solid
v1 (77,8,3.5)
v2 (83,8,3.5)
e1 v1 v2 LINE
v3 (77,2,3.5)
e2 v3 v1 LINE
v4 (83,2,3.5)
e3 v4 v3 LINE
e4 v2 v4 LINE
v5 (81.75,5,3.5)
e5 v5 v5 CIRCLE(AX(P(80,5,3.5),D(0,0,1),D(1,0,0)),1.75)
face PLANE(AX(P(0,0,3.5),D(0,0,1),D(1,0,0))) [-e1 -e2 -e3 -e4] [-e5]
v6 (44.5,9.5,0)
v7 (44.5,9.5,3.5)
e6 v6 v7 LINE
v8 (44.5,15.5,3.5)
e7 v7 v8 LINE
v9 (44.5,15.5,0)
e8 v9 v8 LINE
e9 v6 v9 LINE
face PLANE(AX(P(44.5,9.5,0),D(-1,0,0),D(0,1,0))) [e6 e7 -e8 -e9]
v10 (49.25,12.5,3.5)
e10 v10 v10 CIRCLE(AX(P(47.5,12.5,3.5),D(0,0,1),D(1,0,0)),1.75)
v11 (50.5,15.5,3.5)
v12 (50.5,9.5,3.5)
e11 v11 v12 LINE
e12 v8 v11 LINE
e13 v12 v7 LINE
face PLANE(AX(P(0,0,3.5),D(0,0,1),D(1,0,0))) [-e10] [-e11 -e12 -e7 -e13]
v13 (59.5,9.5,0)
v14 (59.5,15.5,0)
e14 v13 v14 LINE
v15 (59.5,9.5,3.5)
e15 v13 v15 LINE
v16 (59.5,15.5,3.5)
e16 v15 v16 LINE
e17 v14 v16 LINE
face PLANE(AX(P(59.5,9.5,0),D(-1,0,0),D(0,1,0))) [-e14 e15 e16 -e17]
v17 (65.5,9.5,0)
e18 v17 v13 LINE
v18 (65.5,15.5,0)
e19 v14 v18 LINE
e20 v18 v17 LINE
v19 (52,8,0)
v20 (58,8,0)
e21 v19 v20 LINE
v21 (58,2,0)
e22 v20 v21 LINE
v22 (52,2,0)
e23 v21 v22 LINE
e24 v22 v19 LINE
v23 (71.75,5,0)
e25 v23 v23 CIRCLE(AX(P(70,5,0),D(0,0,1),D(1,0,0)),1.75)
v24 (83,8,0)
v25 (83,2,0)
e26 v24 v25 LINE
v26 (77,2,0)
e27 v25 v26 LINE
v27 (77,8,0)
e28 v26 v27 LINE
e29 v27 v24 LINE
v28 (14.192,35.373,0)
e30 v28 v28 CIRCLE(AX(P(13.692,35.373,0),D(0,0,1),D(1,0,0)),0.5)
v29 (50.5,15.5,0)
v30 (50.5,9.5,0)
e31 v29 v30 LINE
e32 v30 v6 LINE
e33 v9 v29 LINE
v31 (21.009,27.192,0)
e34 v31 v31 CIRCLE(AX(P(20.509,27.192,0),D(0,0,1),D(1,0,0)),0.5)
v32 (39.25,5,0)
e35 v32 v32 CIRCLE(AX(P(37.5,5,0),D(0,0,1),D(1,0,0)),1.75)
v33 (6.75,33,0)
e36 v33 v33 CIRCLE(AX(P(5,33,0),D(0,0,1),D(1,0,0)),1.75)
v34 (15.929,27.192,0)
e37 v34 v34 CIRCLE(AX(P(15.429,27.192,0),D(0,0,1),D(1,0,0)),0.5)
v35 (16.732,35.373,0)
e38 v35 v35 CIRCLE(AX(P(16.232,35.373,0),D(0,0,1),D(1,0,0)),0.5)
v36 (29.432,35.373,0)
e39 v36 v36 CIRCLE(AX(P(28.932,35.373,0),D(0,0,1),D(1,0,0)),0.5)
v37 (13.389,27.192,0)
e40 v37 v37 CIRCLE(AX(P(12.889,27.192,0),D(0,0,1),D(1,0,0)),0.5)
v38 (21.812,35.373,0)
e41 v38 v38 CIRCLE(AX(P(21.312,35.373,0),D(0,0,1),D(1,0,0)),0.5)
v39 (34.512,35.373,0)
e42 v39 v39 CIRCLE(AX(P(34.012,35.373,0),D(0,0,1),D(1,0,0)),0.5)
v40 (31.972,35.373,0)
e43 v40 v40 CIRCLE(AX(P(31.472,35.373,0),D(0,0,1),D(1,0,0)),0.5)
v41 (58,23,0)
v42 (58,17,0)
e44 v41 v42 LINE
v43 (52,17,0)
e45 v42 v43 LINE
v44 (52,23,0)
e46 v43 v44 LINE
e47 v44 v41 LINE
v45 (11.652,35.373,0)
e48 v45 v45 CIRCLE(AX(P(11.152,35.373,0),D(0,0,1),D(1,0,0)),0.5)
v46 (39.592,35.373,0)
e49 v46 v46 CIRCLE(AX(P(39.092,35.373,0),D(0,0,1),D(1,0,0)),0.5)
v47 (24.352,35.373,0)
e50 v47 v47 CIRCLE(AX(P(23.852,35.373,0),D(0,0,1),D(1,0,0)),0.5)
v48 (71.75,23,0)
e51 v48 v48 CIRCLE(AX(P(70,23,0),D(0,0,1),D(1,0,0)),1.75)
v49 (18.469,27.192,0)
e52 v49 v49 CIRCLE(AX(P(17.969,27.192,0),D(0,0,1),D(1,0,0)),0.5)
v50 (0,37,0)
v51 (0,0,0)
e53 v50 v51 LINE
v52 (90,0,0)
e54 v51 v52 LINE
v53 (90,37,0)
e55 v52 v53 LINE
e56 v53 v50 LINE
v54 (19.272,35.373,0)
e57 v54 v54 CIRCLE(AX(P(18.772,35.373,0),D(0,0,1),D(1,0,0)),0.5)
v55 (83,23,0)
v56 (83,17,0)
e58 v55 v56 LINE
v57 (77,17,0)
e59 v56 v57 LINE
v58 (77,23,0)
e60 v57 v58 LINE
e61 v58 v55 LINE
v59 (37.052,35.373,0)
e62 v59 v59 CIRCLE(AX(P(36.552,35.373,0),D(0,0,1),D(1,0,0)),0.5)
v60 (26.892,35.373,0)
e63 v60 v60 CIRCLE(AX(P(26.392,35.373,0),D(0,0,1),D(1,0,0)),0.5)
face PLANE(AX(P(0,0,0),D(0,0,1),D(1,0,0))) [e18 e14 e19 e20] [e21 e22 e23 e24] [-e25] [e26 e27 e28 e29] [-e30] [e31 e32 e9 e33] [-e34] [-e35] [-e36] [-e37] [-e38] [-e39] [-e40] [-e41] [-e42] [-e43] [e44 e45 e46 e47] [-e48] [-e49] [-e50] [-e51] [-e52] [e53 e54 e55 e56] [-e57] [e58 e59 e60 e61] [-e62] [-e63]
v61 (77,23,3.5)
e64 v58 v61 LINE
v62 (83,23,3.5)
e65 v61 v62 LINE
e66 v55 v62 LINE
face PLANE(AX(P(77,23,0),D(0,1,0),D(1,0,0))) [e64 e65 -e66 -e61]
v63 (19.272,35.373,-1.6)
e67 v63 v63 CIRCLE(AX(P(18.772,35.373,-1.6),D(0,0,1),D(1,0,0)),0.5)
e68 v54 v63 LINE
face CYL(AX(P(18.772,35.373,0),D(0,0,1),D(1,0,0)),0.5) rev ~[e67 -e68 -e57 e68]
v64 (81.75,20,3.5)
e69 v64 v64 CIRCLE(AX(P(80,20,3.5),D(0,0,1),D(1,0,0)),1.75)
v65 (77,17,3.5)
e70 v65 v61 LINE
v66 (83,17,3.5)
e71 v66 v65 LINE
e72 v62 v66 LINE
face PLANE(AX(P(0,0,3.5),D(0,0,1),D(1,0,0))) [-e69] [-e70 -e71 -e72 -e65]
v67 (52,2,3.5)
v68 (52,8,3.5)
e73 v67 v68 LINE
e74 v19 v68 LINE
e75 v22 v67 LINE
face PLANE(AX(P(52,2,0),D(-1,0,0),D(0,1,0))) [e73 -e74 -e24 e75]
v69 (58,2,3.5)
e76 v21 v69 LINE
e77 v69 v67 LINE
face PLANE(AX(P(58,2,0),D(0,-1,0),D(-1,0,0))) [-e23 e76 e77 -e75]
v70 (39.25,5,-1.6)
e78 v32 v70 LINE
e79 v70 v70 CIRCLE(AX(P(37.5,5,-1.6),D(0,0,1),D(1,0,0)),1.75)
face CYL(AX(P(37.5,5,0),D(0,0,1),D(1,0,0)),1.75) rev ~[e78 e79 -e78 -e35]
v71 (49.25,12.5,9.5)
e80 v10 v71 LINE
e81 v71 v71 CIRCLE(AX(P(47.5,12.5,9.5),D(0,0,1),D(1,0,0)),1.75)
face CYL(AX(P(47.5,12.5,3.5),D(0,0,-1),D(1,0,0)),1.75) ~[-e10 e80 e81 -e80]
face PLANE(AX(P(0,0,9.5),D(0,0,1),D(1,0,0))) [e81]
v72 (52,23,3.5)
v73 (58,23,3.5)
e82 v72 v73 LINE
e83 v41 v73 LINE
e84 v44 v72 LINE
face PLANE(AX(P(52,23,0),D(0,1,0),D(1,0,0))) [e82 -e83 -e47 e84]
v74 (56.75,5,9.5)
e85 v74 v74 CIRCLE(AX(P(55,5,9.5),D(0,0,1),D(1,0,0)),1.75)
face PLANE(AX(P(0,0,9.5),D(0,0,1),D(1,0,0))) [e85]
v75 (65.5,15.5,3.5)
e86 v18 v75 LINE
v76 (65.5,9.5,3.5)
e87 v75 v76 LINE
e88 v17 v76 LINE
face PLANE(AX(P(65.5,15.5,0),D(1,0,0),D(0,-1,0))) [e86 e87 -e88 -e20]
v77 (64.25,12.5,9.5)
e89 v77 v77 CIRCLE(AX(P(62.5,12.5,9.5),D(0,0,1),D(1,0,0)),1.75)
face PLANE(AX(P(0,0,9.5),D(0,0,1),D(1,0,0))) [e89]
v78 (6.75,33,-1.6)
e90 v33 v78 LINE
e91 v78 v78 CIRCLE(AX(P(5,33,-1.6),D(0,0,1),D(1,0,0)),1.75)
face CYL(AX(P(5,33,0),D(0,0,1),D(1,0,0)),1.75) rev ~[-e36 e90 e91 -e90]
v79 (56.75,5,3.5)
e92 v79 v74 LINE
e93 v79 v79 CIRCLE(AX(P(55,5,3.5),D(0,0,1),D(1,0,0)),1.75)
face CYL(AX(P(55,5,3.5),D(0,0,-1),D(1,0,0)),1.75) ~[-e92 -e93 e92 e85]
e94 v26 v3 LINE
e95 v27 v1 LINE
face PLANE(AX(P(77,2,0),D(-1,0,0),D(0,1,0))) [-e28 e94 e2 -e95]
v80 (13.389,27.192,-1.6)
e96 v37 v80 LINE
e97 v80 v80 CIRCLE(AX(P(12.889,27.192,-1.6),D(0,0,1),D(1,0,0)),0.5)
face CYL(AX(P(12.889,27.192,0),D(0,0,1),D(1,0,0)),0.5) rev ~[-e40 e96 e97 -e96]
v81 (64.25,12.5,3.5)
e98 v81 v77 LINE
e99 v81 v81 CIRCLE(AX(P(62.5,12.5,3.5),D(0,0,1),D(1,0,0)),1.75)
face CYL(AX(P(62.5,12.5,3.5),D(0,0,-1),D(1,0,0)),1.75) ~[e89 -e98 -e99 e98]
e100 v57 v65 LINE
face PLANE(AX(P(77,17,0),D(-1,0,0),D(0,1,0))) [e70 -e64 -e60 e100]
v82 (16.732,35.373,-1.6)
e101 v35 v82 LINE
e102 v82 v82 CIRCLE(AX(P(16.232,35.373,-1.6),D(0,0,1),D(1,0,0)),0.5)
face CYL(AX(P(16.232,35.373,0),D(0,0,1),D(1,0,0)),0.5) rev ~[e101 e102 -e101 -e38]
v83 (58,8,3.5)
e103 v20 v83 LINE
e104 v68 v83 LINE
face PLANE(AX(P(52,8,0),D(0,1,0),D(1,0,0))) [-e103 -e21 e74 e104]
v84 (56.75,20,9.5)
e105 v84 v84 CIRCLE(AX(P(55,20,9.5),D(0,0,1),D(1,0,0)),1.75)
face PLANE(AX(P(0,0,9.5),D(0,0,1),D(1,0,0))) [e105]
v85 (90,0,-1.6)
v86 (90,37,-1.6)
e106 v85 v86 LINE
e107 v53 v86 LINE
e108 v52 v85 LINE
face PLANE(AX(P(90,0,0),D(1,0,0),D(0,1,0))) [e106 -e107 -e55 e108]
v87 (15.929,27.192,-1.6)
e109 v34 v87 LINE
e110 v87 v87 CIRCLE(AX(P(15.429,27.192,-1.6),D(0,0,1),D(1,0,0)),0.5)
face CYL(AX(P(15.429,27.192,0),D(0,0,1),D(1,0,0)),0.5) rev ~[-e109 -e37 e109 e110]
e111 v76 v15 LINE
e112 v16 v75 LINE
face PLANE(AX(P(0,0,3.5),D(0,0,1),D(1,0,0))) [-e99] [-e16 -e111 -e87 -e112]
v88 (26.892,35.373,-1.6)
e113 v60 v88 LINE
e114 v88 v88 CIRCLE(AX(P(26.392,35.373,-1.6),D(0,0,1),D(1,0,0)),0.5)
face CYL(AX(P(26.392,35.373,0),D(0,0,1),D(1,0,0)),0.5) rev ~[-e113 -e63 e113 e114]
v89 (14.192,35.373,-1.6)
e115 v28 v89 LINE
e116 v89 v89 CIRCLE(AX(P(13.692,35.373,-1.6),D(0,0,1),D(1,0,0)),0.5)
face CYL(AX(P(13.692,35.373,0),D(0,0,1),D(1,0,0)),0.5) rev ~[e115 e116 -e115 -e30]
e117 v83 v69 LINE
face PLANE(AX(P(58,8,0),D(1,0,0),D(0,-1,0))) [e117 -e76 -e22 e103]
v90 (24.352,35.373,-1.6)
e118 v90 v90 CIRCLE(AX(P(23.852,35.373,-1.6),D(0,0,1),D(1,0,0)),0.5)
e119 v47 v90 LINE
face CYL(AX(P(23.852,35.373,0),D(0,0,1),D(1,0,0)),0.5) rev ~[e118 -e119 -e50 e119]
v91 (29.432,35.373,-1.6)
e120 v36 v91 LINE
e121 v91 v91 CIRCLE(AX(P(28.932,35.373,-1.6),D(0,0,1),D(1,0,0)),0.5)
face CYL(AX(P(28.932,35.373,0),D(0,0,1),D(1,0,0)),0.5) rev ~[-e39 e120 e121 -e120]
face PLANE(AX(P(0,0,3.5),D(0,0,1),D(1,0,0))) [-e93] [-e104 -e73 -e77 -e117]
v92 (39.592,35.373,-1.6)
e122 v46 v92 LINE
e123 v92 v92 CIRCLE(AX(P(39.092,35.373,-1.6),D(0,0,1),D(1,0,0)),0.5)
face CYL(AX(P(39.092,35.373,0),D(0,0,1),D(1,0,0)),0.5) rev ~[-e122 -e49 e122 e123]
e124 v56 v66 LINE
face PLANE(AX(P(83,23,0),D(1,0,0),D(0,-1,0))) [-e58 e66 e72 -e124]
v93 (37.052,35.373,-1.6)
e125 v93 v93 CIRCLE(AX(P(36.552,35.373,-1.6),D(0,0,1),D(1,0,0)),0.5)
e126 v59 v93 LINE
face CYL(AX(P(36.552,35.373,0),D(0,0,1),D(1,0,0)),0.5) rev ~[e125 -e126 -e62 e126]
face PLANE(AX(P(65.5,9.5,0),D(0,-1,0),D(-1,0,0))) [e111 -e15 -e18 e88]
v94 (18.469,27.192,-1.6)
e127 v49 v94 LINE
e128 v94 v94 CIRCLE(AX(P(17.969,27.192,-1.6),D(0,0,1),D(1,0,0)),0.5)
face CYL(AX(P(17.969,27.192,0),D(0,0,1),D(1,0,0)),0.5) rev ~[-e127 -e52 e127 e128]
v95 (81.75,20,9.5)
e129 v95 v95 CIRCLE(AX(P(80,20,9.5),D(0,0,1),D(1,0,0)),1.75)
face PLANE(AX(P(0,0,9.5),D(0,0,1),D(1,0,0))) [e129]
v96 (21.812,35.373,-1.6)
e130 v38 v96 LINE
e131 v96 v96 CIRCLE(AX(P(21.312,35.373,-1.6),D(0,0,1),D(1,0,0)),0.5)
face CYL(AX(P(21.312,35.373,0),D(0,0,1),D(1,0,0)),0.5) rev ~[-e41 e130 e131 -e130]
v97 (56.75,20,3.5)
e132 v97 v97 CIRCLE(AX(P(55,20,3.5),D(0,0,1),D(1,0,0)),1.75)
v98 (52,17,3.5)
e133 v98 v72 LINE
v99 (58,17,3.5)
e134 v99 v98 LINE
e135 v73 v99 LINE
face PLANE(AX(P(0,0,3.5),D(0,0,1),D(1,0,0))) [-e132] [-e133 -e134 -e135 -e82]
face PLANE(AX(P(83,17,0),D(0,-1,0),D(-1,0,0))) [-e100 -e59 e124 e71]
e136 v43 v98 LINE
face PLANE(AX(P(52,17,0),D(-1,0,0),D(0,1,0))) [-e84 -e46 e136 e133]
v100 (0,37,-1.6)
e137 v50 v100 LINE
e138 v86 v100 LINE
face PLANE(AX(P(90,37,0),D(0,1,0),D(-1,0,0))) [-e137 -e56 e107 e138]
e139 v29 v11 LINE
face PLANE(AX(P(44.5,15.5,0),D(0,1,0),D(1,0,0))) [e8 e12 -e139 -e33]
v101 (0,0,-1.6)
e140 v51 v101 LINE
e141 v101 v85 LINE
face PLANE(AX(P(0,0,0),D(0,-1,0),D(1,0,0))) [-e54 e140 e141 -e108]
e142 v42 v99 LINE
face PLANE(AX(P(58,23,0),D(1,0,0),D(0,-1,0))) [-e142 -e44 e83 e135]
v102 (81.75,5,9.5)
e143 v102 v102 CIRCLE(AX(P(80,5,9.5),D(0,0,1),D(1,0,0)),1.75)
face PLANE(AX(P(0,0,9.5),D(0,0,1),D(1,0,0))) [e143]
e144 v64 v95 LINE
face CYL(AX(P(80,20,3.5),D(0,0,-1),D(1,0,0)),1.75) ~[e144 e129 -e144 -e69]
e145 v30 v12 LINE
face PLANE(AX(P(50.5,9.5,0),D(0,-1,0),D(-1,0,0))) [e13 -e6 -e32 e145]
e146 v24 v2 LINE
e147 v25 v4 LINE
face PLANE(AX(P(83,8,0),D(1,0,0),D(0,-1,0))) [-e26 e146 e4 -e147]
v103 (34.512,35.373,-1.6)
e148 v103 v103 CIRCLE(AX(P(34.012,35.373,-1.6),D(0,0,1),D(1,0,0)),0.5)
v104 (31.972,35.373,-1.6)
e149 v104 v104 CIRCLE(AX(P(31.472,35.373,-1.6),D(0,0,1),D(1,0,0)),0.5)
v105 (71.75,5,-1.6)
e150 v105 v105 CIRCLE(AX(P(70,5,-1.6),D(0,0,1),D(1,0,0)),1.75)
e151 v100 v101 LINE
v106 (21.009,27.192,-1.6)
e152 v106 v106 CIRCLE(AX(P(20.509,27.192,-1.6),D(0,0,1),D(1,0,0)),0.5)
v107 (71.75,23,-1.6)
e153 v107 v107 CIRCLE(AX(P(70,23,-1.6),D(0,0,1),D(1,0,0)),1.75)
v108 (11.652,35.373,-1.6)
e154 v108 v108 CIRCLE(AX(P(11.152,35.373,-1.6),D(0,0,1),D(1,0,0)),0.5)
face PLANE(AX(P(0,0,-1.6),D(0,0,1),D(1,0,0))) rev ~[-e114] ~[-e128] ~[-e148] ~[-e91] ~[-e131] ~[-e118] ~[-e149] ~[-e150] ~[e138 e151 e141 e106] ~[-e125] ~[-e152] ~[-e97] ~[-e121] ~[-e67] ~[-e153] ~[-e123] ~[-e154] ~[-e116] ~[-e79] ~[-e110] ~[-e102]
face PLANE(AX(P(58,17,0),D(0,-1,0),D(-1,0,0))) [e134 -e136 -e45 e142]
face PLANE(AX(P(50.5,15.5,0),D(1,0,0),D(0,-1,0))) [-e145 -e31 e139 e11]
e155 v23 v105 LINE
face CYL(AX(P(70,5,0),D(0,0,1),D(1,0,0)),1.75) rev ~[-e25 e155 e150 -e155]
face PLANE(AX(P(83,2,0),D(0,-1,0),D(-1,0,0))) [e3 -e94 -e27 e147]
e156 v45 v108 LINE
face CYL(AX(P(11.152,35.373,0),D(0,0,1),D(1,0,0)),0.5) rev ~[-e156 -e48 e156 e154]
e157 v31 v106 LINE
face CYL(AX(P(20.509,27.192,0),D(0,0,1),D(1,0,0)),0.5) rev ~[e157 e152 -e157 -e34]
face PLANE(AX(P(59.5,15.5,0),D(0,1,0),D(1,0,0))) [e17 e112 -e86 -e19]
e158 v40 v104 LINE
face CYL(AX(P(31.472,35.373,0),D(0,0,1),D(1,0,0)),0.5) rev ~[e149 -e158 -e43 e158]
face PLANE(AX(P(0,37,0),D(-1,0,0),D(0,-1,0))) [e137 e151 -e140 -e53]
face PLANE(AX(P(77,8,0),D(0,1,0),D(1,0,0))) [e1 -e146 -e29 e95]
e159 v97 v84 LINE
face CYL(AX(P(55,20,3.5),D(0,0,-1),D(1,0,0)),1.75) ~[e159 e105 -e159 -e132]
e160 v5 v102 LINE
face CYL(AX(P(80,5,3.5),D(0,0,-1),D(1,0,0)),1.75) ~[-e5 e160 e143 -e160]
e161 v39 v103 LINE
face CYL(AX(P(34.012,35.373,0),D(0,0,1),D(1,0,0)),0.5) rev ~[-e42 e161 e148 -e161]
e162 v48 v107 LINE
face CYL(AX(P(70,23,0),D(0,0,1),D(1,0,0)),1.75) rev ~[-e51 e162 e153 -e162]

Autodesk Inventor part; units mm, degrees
ref_plane "YZ Plane" through (0, 0, 0) normal (1, 0, 0) x (0, 1, 0)
ref_plane "XZ Plane" through (0, 0, 0) normal (0, 1, 0) x (-1, 0, 0)
ref_plane "XY Plane" through (0, 0, 0) normal (0, 0, 1) x (1, 0, 0)
sketch "Skizze1" plane through (0, 0, 0) normal (0, 0, 1) x (1, 0, 0)
  line L0 (0, 0) -> (90, 0)
  line L1 (90, 0) -> (90, 37)
  line L2 (90, 37) -> (0, 37)
  line L3 (0, 37) -> (0, 0)
  dimension "d0" = 90
  dimension "d1" = 37
extrude "Extrusion1" add sketch "Skizze1" against normal blind 1.6
sketch "Skizze2" plane through (0, 0, 0) normal (0, 0, 1) x (1, 0, 0)
  circle A0 centre (5, 33) radius 1.75
  circle A1 centre (37.5, 5) radius 1.75
  circle A2 centre (70, 5) radius 1.75
  circle A3 centre (70, 23) radius 1.75
  line L0 (0, 0) -> (90, 0) projected
  line L1 (0, 37) -> (0, 0) projected
  line L2 (90, 0) -> (90, 37) projected
  dimension "d4" = 3.5
  dimension "d5" = 3.5
  dimension "d6" = 3.5
  dimension "d7" = 3.5
  dimension "d8" = 33
  dimension "d9" = 5
  dimension "d10" = 37.5
  dimension "d11" = 5
  dimension "d12" = 5
  dimension "d14" = 70
  dimension "d15" = 70
  dimension "d16" = 23
extrude "Extrusion2" cut sketch "Skizze2" against normal blind 1.6
sketch "Skizze3" plane through (0, 0, 0) normal (0, 0, 1) x (1, 0, 0)
  circle A0 centre (11.152, 35.373) radius 0.5
  line L0 (0, 0) -> (90, 0) projected
  line L1 (0, 37) -> (0, 0) projected
  circle A1 centre (12.889, 27.192) radius 0.5
  dimension "d19" = 1
  dimension "d20" = 35.373
  dimension "d21" = 11.152
  dimension "d22" = 1
  dimension "d23" = 27.192
  dimension "d24" = 12.889
extrude "Extrusion3" cut sketch "Skizze3" against normal blind 1.6
pattern_linear "Rechteckige Anordnung1" count 12 spacing 2.54 along (1, 0, 0) of "Extrusion3"
sketch "Skizze4" plane through (0, 0, 0) normal (0, 0, 1) x (1, 0, 0)
  line L0 (21.549, 28.192) -> (42.329, 28.192)
  line L1 (42.329, 28.192) -> (42.329, 26.192)
  line L2 (42.329, 26.192) -> (21.549, 26.192)
  line L3 (21.549, 26.192) -> (21.549, 28.192)
  circle A0 centre (23.049, 27.192) radius 0.5 projected
  circle A1 centre (40.829, 27.192) radius 0.5 projected
  point P0 (0, 0)
  dimension "d30" = 1
  dimension "d31" = 1
  dimension "d32" = 1
  dimension "d33" = 1
extrude "Extrusion4" add sketch "Skizze4" against normal blind 1.6 contours L0 L1 L2 L3 | A0 | A1
sketch "Skizze5" plane through (0, 0, 0) normal (0, 0, 1) x (1, 0, 0)
  line L0 (0, 37) -> (0, 0) projected
  line L1 (44.5, 15.5) -> (50.5, 15.5)
  line L2 (50.5, 15.5) -> (50.5, 9.5)
  line L3 (50.5, 9.5) -> (44.5, 9.5)
  line L4 (44.5, 9.5) -> (44.5, 15.5)
  line L5 (0, 0) -> (90, 0) projected
  line L6 (52, 23) -> (58, 23)
  line L7 (58, 23) -> (58, 17)
  line L8 (58, 17) -> (52, 17)
  line L9 (52, 17) -> (52, 23)
  line L10 (52, 8) -> (58, 8)
  line L11 (58, 8) -> (58, 2)
  line L12 (58, 2) -> (52, 2)
  line L13 (52, 2) -> (52, 8)
  line L14 (59.5, 15.5) -> (65.5, 15.5)
  line L15 (65.5, 15.5) -> (65.5, 9.5)
  line L16 (65.5, 9.5) -> (59.5, 9.5)
  line L17 (59.5, 9.5) -> (59.5, 15.5)
  line L18 (77, 23) -> (83, 23)
  line L19 (83, 23) -> (83, 17)
  line L20 (83, 17) -> (77, 17)
  line L21 (77, 17) -> (77, 23)
  line L22 (77, 8) -> (83, 8)
  line L23 (83, 8) -> (83, 2)
  line L24 (83, 2) -> (77, 2)
  line L25 (77, 2) -> (77, 8)
  point P0 (44.5, 12.5)
  point P1 (47.5, 9.5)
  point P2 (55, 17)
  point P3 (52, 20)
  point P4 (52, 5)
  point P5 (55, 2)
  point P6 (62.5, 9.5)
  point P7 (59.5, 12.5)
  point P8 (83, 20)
  point P9 (80, 17)
  point P10 (83, 5)
  point P11 (80, 2)
  dimension "d53" = 6
  dimension "d54" = 6
  dimension "d55" = 12.5
  dimension "d56" = 47.5
  dimension "d57" = 6
  dimension "d58" = 6
  dimension "d59" = 55
  dimension "d60" = 20
  dimension "d61" = 6
  dimension "d62" = 6
  dimension "d63" = 5
  dimension "d64" = 55
  dimension "d65" = 6
  dimension "d66" = 6
  dimension "d67" = 62.5
  dimension "d68" = 12.5
  dimension "d69" = 6
  dimension "d70" = 6
  dimension "d71" = 20
  dimension "d72" = 80
  dimension "d73" = 6
  dimension "d74" = 6
  dimension "d75" = 5
  dimension "d76" = 80
extrude "Extrusion5" add sketch "Skizze5" along normal blind 3.5
sketch "Skizze6" plane through (0, 0, 3.5) normal (0, 0, 1) x (1, 0, 0)
  line L0 (52, 17) -> (58, 17) projected
  line L1 (58, 17) -> (58, 23) projected
  line L2 (58, 23) -> (52, 23) projected
  line L3 (52, 23) -> (52, 17) projected
  line L4 (44.5, 9.5) -> (50.5, 9.5) projected
  line L5 (50.5, 9.5) -> (50.5, 15.5) projected
  line L6 (50.5, 15.5) -> (44.5, 15.5) projected
  line L7 (44.5, 15.5) -> (44.5, 9.5) projected
  line L8 (52, 2) -> (58, 2) projected
  line L9 (58, 2) -> (58, 8) projected
  line L10 (58, 8) -> (52, 8) projected
  line L11 (52, 8) -> (52, 2) projected
  line L12 (59.5, 9.5) -> (65.5, 9.5) projected
  line L13 (65.5, 9.5) -> (65.5, 15.5) projected
  line L14 (65.5, 15.5) -> (59.5, 15.5) projected
  line L15 (59.5, 15.5) -> (59.5, 9.5) projected
  line L16 (77, 17) -> (83, 17) projected
  line L17 (83, 17) -> (83, 23) projected
  line L18 (83, 23) -> (77, 23) projected
  line L19 (77, 23) -> (77, 17) projected
  line L20 (77, 2) -> (83, 2) projected
  line L21 (83, 2) -> (83, 8) projected
  line L22 (83, 8) -> (77, 8) projected
  line L23 (77, 8) -> (77, 2) projected
  circle A0 centre (47.5, 12.5) radius 1.75
  circle A1 centre (55, 20) radius 1.75
  circle A2 centre (62.5, 12.5) radius 1.75
  circle A3 centre (55, 5) radius 1.75
  circle A4 centre (80, 5) radius 1.75
  circle A5 centre (80, 20) radius 1.75
  point P0 (0, 0)
  dimension "d79" = 3.5
  dimension "d80" = 3.5
  dimension "d81" = 3.5
  dimension "d82" = 3.5
  dimension "d83" = 3.5
  dimension "d84" = 3.5
extrude "Buttons" add sketch "Skizze6" along normal blind 6 contours A0 | A1 | A2 | A3 | A4 | A5
sketch "Skizze7" plane through (0, 0, 0) normal (0, 0, 1) x (1, 0, 0)
  point P0 (0, 0)
properties part number "110_PICO_Daughterboard"
